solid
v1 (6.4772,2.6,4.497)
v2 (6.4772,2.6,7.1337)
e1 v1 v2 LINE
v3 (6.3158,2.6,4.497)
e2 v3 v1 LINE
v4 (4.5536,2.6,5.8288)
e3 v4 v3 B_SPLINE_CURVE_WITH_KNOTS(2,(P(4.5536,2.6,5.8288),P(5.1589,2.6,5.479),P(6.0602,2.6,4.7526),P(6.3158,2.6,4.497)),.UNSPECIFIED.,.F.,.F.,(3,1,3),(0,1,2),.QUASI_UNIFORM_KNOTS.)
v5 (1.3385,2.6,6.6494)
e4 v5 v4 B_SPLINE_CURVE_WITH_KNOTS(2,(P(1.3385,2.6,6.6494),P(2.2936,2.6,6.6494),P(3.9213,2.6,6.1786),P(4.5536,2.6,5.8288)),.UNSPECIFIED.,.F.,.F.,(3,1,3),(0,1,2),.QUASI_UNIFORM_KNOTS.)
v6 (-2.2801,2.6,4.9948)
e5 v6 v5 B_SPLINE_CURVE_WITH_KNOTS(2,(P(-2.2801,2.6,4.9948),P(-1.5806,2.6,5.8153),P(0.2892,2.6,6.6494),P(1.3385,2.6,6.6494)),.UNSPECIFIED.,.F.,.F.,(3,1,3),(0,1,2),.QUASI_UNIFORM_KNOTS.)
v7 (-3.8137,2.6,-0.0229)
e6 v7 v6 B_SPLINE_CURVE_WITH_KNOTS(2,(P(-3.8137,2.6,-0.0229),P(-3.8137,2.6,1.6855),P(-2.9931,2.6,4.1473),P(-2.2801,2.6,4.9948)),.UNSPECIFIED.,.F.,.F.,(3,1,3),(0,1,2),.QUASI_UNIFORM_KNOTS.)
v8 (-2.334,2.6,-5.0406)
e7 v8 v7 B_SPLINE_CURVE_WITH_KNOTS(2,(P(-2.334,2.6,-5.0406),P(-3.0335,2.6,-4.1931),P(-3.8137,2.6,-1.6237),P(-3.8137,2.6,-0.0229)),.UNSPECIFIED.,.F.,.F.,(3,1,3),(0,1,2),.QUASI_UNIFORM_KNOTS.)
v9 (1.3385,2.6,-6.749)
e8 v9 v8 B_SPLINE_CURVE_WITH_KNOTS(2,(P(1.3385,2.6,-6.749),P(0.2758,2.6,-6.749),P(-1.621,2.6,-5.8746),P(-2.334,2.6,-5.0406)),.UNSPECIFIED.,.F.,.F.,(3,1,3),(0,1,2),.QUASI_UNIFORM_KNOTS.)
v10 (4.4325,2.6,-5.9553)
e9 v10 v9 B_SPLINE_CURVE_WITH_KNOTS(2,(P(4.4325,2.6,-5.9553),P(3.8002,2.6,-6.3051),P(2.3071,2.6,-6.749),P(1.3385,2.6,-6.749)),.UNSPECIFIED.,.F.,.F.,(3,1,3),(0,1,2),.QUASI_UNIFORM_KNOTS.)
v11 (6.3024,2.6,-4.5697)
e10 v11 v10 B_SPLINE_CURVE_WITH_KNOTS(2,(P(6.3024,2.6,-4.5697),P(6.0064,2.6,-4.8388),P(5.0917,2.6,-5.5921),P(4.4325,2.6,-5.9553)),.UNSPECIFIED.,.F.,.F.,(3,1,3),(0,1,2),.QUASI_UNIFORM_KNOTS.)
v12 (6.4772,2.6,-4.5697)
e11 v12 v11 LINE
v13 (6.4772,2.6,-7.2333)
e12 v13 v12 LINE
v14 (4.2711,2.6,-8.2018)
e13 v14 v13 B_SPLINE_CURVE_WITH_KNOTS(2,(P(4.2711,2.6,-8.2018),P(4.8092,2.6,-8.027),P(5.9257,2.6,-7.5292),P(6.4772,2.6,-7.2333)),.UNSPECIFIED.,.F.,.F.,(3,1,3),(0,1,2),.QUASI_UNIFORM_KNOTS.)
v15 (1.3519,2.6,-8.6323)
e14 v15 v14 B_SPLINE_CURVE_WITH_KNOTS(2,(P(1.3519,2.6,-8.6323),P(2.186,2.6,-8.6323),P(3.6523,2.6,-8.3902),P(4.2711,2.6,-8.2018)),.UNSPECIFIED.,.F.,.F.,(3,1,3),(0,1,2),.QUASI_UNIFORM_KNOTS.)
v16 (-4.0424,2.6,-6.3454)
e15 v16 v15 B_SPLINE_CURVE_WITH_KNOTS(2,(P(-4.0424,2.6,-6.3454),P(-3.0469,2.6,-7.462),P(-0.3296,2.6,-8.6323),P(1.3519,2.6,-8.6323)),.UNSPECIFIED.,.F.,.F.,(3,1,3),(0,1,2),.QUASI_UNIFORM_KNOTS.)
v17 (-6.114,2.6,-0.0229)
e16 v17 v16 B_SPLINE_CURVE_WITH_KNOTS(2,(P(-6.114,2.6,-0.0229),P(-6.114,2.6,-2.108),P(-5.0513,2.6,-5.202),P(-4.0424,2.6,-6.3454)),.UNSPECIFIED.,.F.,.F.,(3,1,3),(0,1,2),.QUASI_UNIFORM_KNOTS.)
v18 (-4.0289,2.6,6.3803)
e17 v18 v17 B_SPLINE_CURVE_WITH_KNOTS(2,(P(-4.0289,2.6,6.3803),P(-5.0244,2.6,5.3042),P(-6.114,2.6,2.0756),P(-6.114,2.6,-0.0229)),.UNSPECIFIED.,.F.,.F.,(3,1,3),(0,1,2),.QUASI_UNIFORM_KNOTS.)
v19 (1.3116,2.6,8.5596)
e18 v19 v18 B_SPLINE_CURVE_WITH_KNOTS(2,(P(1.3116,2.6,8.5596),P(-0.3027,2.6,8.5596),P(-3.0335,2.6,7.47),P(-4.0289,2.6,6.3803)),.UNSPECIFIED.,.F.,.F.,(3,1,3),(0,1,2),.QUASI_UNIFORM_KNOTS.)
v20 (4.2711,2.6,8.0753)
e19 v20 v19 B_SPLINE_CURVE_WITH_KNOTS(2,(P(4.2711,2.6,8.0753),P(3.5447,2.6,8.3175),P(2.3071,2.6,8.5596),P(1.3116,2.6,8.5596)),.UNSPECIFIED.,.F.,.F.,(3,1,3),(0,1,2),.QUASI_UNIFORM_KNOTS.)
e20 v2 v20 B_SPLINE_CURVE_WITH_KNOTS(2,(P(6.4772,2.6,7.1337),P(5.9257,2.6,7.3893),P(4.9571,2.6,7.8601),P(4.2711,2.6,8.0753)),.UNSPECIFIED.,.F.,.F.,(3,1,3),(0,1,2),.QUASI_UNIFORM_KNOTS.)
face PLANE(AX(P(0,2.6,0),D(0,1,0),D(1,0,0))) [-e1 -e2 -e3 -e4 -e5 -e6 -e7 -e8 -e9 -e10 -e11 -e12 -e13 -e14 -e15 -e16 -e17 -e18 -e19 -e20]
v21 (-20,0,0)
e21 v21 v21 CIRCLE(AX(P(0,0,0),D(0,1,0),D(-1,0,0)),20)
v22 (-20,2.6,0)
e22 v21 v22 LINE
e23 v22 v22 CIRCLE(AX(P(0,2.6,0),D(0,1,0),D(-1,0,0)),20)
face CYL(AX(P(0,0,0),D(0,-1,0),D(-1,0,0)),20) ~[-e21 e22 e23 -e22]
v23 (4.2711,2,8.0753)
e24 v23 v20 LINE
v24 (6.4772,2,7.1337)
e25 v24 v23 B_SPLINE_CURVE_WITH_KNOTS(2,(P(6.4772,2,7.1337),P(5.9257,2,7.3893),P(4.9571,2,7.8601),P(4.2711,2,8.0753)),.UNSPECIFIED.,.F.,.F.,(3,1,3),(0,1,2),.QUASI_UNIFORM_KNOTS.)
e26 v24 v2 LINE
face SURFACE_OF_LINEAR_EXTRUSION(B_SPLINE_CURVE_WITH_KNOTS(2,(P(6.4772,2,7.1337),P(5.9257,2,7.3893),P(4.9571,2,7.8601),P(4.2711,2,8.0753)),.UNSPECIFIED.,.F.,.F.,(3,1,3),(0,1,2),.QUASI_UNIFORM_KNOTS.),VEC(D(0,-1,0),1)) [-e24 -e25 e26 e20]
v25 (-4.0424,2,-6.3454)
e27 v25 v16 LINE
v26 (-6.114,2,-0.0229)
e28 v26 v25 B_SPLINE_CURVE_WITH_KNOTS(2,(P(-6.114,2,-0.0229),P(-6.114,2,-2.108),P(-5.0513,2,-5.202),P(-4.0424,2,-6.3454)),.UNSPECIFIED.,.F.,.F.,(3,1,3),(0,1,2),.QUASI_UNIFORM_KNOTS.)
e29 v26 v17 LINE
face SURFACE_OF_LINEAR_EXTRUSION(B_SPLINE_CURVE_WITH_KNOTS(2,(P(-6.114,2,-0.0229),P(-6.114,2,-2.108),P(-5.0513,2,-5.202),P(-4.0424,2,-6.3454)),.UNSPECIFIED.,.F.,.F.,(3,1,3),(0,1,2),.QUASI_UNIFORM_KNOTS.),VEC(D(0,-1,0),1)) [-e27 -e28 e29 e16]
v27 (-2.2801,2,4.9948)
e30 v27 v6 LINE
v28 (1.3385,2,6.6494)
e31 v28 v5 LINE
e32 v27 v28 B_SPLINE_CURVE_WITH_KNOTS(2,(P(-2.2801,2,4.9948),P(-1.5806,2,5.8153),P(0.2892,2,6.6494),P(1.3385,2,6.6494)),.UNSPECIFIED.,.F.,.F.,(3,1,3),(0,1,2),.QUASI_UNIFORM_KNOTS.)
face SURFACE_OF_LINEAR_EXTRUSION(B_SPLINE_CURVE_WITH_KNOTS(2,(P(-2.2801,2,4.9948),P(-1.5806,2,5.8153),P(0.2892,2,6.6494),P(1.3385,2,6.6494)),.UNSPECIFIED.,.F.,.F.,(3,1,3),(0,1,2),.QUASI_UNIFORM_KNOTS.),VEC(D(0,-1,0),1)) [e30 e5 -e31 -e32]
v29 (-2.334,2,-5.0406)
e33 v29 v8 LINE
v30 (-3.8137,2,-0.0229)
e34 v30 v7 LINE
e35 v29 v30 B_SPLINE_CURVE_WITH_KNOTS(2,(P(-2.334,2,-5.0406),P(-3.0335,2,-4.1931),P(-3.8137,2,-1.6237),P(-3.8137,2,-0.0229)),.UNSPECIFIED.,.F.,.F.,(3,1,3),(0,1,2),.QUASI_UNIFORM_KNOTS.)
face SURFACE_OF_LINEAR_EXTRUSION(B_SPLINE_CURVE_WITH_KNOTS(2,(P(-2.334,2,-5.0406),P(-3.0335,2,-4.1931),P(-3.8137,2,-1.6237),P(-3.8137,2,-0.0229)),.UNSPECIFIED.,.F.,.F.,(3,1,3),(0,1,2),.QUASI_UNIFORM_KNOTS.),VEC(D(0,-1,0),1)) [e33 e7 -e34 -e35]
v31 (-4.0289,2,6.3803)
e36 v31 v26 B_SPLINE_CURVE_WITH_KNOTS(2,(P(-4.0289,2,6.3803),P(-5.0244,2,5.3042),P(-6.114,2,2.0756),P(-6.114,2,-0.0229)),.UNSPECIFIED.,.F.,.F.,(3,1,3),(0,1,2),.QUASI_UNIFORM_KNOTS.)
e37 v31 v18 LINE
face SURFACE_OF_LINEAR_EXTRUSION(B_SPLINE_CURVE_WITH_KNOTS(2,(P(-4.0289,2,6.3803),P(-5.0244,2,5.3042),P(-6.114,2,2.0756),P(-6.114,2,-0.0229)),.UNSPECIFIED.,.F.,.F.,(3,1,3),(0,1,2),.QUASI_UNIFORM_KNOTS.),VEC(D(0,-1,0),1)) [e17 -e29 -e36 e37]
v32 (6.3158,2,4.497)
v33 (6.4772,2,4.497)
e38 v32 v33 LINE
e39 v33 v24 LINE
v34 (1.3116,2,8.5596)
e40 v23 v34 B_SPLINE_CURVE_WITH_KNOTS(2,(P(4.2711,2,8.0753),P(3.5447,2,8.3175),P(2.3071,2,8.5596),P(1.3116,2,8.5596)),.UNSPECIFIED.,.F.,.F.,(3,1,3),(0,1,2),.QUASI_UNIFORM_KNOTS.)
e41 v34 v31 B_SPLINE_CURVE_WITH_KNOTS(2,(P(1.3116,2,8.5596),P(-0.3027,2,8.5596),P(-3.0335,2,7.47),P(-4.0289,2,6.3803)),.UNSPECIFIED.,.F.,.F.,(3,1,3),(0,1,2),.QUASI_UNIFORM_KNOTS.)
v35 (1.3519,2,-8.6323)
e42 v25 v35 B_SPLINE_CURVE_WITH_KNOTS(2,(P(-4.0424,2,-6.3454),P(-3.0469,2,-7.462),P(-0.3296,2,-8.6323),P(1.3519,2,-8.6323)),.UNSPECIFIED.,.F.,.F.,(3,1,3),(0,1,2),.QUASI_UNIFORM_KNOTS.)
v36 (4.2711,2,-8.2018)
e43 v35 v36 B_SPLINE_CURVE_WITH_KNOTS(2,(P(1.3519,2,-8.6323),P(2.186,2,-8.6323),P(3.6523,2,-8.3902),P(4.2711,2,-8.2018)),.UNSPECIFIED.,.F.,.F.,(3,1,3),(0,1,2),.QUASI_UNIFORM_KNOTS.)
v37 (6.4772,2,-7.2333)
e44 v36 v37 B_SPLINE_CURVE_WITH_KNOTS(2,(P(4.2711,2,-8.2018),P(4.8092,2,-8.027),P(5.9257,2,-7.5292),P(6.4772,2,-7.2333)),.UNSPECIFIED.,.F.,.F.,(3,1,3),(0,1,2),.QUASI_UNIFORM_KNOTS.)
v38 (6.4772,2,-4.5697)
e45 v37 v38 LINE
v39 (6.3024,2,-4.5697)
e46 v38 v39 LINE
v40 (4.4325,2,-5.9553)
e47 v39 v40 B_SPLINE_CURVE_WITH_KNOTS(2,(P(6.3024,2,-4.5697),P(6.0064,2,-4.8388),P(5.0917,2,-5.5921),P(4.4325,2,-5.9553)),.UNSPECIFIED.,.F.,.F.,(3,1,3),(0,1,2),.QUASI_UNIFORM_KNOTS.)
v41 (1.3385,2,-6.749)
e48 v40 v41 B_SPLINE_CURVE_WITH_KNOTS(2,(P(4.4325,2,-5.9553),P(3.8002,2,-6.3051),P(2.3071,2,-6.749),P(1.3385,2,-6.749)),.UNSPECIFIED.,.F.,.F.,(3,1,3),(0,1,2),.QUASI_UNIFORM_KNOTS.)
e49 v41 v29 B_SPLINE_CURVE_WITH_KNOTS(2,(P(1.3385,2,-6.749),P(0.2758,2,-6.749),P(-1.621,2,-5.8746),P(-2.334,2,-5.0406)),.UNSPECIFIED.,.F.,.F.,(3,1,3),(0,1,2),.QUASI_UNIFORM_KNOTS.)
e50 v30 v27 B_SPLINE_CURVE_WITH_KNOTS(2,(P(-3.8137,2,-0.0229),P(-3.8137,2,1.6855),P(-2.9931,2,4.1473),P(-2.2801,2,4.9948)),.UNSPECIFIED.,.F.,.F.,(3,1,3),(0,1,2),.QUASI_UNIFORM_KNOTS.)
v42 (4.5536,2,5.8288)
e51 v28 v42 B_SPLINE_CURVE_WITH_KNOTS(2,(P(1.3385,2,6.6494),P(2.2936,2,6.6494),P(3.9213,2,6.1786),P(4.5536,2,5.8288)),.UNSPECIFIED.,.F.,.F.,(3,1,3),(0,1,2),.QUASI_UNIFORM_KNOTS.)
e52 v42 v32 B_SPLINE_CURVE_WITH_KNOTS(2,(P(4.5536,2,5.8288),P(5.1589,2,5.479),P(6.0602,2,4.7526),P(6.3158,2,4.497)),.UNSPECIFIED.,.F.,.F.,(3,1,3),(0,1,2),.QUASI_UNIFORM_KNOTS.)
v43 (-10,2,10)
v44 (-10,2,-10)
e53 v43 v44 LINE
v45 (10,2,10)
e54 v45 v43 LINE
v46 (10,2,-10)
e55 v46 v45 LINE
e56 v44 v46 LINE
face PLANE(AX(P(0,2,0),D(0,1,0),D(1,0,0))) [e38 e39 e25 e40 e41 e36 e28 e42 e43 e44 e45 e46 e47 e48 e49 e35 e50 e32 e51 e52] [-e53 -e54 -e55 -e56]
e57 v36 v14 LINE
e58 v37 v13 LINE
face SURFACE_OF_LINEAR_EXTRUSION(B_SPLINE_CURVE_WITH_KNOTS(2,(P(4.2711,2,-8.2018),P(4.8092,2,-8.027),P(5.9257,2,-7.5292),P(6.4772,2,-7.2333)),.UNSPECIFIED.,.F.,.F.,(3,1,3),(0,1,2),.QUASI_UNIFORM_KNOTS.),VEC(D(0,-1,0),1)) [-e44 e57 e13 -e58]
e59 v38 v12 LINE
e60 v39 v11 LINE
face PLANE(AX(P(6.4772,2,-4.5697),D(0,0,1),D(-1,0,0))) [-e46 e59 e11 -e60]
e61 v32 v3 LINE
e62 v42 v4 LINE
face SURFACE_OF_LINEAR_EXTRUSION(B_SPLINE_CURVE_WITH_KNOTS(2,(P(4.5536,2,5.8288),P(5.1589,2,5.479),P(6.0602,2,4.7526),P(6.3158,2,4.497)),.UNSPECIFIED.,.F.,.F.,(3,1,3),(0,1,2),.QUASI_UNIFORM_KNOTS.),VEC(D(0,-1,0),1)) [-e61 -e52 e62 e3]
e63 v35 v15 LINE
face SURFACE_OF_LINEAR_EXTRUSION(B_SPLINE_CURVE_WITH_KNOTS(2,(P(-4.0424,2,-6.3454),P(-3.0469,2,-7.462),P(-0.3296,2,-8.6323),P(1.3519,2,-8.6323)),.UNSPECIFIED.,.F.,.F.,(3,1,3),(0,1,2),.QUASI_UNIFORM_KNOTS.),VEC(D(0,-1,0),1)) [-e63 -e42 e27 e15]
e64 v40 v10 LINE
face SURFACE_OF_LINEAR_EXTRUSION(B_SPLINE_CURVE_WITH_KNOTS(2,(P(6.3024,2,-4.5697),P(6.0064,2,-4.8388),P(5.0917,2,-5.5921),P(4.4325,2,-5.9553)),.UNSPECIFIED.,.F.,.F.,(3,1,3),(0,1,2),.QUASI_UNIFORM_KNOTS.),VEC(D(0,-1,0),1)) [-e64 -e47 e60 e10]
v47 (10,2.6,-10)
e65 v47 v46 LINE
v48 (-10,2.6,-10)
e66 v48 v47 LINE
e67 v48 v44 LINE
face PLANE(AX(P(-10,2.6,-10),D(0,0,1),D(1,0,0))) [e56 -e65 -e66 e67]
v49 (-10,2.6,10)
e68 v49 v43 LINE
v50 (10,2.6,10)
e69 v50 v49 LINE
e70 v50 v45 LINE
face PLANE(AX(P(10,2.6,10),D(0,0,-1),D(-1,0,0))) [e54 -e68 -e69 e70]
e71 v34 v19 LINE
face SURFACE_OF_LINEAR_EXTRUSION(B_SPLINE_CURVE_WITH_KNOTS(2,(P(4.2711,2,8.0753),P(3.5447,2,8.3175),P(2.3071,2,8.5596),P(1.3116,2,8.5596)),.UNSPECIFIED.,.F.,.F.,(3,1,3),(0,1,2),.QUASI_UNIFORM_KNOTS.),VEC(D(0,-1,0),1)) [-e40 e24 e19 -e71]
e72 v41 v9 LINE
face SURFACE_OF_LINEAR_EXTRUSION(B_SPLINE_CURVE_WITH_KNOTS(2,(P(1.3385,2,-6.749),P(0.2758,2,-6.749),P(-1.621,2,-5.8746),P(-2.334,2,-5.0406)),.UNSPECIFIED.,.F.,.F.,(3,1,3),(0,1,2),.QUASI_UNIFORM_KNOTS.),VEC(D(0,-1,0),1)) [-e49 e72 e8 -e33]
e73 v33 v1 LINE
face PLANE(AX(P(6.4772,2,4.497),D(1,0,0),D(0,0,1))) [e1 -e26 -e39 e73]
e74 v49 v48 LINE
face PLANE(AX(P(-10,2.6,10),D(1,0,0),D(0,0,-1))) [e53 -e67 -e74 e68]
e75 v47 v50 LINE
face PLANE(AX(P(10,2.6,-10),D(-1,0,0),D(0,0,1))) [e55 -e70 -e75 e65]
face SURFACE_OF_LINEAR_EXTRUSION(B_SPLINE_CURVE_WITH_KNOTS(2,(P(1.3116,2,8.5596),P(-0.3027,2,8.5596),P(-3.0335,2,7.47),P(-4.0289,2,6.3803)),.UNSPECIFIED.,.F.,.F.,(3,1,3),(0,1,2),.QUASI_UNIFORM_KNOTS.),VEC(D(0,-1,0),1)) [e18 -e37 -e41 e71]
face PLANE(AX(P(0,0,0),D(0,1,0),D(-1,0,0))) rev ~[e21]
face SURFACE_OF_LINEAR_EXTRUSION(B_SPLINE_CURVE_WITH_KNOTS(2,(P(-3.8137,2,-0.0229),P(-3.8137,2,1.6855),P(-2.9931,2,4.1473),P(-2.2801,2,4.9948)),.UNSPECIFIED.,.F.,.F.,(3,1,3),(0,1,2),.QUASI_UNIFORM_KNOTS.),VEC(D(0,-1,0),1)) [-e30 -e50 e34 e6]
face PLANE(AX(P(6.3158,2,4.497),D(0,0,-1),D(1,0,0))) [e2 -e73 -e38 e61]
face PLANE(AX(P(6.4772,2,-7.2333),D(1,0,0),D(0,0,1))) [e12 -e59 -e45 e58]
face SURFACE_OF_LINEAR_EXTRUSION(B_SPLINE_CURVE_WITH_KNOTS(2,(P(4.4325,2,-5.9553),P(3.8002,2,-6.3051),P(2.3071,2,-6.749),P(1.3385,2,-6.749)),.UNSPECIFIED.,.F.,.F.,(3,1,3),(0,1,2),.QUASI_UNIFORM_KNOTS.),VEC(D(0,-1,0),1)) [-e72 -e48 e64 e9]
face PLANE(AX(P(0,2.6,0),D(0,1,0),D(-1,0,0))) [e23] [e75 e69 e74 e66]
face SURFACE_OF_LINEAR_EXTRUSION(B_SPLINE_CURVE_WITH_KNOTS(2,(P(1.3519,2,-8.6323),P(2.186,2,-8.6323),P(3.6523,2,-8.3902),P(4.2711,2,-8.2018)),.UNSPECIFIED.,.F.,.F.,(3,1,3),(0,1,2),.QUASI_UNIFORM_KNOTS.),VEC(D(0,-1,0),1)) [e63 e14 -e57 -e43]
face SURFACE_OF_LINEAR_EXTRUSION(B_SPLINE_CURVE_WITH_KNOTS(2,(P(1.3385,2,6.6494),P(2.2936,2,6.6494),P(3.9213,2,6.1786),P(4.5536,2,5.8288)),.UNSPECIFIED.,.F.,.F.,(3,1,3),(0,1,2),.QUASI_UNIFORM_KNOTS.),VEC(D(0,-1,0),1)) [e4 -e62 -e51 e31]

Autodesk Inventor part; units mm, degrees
ref_plane "YZ Plane" through (0, 0, 0) normal (1, 0, 0) x (0, 1, 0)
ref_plane "XZ Plane" through (0, 0, 0) normal (0, 1, 0) x (-1, 0, 0)
ref_plane "XY Plane" through (0, 0, 0) normal (0, 0, 1) x (1, 0, 0)
sketch "Sketch1" plane through (0, 0, 0) normal (0, 1, 0) x (-1, 0, 0)
  circle A0 centre (0, 0) radius 20
  dimension "d0" = 40
extrude "Extrusion1" add sketch "Sketch1" along normal blind 2.6
sketch "Sketch2" plane through (0, 2.6, 0) normal (0, 1, 0) x (1, 0, 0)
  line L0 (-10, -10) -> (-10, 10)
  line L1 (-10, 10) -> (10, 10)
  line L2 (10, 10) -> (10, -10)
  line L3 (10, -10) -> (-10, -10)
  line L4 (-10, -10) -> (10, 10) construction
  line L5 (-10, 10) -> (10, -10) construction
  point P0 (0, 0)
  dimension "d3" = 20
  dimension "d4" = 20
extrude "Extrusion2" cut sketch "Sketch2" against normal blind 0.6
sketch "Sketch3" plane through (0, 2, 0) normal (0, 1, 0) x (1, 0, 0)
  line L0 (-6.8539, 8.6323) -> (6.8539, 8.6323) construction
  line L1 (6.8539, 8.6323) -> (6.8539, -8.5596) construction
  line L2 (6.8539, -8.5596) -> (-6.8539, -8.5596) construction
  line L3 (-6.8539, -8.5596) -> (-6.8539, 8.6323) construction
  spline S0 degree 2 poles (1.3116, -8.5596) (-0.3027, -8.5596) (-3.0335, -7.47) (-4.0289, -6.3803) knots 0 0 0 1 2 2 2
  spline S1 degree 2 poles (-4.0289, -6.3803) (-5.0244, -5.3042) (-6.114, -2.0756) (-6.114, 0.0229) knots 0 0 0 1 2 2 2
  spline S2 degree 2 poles (-6.114, 0.0229) (-6.114, 2.108) (-5.0513, 5.202) (-4.0424, 6.3454) knots 0 0 0 1 2 2 2
  spline S3 degree 2 poles (-4.0424, 6.3454) (-3.0469, 7.462) (-0.3296, 8.6323) (1.3519, 8.6323) knots 0 0 0 1 2 2 2
  spline S4 degree 2 poles (1.3519, 8.6323) (2.186, 8.6323) (3.6523, 8.3902) (4.2711, 8.2018) knots 0 0 0 1 2 2 2
  spline S5 degree 2 poles (4.2711, 8.2018) (4.8092, 8.027) (5.9257, 7.5292) (6.4772, 7.2333) knots 0 0 0 1 2 2 2
  line L4 (6.4772, 7.2333) -> (6.4772, 4.5697)
  line L5 (6.4772, 4.5697) -> (6.3024, 4.5697)
  spline S6 degree 2 poles (6.3024, 4.5697) (6.0064, 4.8388) (5.0917, 5.5921) (4.4325, 5.9553) knots 0 0 0 1 2 2 2
  spline S7 degree 2 poles (4.4325, 5.9553) (3.8002, 6.3051) (2.3071, 6.749) (1.3385, 6.749) knots 0 0 0 1 2 2 2
  spline S8 degree 2 poles (1.3385, 6.749) (0.2758, 6.749) (-1.621, 5.8746) (-2.334, 5.0406) knots 0 0 0 1 2 2 2
  spline S9 degree 2 poles (-2.334, 5.0406) (-3.0335, 4.1931) (-3.8137, 1.6237) (-3.8137, 0.0229) knots 0 0 0 1 2 2 2
  spline S10 degree 2 poles (-3.8137, 0.0229) (-3.8137, -1.6855) (-2.9931, -4.1473) (-2.2801, -4.9948) knots 0 0 0 1 2 2 2
  spline S11 degree 2 poles (-2.2801, -4.9948) (-1.5806, -5.8153) (0.2892, -6.6494) (1.3385, -6.6494) knots 0 0 0 1 2 2 2
  spline S12 degree 2 poles (1.3385, -6.6494) (2.2936, -6.6494) (3.9213, -6.1786) (4.5536, -5.8288) knots 0 0 0 1 2 2 2
  spline S13 degree 2 poles (4.5536, -5.8288) (5.1589, -5.479) (6.0602, -4.7526) (6.3158, -4.497) knots 0 0 0 1 2 2 2
  line L6 (6.3158, -4.497) -> (6.4772, -4.497)
  line L7 (6.4772, -4.497) -> (6.4772, -7.1337)
  spline S14 degree 2 poles (6.4772, -7.1337) (5.9257, -7.3893) (4.9571, -7.8601) (4.2711, -8.0753) knots 0 0 0 1 2 2 2
  spline S15 degree 2 poles (4.2711, -8.0753) (3.5447, -8.3175) (2.3071, -8.5596) (1.3116, -8.5596) knots 0 0 0 1 2 2 2
  point P0 (0, 0)
extrude "Extrusion3" add sketch "Sketch3" along normal blind 0.6
properties part number "TopMarkerPreset"
